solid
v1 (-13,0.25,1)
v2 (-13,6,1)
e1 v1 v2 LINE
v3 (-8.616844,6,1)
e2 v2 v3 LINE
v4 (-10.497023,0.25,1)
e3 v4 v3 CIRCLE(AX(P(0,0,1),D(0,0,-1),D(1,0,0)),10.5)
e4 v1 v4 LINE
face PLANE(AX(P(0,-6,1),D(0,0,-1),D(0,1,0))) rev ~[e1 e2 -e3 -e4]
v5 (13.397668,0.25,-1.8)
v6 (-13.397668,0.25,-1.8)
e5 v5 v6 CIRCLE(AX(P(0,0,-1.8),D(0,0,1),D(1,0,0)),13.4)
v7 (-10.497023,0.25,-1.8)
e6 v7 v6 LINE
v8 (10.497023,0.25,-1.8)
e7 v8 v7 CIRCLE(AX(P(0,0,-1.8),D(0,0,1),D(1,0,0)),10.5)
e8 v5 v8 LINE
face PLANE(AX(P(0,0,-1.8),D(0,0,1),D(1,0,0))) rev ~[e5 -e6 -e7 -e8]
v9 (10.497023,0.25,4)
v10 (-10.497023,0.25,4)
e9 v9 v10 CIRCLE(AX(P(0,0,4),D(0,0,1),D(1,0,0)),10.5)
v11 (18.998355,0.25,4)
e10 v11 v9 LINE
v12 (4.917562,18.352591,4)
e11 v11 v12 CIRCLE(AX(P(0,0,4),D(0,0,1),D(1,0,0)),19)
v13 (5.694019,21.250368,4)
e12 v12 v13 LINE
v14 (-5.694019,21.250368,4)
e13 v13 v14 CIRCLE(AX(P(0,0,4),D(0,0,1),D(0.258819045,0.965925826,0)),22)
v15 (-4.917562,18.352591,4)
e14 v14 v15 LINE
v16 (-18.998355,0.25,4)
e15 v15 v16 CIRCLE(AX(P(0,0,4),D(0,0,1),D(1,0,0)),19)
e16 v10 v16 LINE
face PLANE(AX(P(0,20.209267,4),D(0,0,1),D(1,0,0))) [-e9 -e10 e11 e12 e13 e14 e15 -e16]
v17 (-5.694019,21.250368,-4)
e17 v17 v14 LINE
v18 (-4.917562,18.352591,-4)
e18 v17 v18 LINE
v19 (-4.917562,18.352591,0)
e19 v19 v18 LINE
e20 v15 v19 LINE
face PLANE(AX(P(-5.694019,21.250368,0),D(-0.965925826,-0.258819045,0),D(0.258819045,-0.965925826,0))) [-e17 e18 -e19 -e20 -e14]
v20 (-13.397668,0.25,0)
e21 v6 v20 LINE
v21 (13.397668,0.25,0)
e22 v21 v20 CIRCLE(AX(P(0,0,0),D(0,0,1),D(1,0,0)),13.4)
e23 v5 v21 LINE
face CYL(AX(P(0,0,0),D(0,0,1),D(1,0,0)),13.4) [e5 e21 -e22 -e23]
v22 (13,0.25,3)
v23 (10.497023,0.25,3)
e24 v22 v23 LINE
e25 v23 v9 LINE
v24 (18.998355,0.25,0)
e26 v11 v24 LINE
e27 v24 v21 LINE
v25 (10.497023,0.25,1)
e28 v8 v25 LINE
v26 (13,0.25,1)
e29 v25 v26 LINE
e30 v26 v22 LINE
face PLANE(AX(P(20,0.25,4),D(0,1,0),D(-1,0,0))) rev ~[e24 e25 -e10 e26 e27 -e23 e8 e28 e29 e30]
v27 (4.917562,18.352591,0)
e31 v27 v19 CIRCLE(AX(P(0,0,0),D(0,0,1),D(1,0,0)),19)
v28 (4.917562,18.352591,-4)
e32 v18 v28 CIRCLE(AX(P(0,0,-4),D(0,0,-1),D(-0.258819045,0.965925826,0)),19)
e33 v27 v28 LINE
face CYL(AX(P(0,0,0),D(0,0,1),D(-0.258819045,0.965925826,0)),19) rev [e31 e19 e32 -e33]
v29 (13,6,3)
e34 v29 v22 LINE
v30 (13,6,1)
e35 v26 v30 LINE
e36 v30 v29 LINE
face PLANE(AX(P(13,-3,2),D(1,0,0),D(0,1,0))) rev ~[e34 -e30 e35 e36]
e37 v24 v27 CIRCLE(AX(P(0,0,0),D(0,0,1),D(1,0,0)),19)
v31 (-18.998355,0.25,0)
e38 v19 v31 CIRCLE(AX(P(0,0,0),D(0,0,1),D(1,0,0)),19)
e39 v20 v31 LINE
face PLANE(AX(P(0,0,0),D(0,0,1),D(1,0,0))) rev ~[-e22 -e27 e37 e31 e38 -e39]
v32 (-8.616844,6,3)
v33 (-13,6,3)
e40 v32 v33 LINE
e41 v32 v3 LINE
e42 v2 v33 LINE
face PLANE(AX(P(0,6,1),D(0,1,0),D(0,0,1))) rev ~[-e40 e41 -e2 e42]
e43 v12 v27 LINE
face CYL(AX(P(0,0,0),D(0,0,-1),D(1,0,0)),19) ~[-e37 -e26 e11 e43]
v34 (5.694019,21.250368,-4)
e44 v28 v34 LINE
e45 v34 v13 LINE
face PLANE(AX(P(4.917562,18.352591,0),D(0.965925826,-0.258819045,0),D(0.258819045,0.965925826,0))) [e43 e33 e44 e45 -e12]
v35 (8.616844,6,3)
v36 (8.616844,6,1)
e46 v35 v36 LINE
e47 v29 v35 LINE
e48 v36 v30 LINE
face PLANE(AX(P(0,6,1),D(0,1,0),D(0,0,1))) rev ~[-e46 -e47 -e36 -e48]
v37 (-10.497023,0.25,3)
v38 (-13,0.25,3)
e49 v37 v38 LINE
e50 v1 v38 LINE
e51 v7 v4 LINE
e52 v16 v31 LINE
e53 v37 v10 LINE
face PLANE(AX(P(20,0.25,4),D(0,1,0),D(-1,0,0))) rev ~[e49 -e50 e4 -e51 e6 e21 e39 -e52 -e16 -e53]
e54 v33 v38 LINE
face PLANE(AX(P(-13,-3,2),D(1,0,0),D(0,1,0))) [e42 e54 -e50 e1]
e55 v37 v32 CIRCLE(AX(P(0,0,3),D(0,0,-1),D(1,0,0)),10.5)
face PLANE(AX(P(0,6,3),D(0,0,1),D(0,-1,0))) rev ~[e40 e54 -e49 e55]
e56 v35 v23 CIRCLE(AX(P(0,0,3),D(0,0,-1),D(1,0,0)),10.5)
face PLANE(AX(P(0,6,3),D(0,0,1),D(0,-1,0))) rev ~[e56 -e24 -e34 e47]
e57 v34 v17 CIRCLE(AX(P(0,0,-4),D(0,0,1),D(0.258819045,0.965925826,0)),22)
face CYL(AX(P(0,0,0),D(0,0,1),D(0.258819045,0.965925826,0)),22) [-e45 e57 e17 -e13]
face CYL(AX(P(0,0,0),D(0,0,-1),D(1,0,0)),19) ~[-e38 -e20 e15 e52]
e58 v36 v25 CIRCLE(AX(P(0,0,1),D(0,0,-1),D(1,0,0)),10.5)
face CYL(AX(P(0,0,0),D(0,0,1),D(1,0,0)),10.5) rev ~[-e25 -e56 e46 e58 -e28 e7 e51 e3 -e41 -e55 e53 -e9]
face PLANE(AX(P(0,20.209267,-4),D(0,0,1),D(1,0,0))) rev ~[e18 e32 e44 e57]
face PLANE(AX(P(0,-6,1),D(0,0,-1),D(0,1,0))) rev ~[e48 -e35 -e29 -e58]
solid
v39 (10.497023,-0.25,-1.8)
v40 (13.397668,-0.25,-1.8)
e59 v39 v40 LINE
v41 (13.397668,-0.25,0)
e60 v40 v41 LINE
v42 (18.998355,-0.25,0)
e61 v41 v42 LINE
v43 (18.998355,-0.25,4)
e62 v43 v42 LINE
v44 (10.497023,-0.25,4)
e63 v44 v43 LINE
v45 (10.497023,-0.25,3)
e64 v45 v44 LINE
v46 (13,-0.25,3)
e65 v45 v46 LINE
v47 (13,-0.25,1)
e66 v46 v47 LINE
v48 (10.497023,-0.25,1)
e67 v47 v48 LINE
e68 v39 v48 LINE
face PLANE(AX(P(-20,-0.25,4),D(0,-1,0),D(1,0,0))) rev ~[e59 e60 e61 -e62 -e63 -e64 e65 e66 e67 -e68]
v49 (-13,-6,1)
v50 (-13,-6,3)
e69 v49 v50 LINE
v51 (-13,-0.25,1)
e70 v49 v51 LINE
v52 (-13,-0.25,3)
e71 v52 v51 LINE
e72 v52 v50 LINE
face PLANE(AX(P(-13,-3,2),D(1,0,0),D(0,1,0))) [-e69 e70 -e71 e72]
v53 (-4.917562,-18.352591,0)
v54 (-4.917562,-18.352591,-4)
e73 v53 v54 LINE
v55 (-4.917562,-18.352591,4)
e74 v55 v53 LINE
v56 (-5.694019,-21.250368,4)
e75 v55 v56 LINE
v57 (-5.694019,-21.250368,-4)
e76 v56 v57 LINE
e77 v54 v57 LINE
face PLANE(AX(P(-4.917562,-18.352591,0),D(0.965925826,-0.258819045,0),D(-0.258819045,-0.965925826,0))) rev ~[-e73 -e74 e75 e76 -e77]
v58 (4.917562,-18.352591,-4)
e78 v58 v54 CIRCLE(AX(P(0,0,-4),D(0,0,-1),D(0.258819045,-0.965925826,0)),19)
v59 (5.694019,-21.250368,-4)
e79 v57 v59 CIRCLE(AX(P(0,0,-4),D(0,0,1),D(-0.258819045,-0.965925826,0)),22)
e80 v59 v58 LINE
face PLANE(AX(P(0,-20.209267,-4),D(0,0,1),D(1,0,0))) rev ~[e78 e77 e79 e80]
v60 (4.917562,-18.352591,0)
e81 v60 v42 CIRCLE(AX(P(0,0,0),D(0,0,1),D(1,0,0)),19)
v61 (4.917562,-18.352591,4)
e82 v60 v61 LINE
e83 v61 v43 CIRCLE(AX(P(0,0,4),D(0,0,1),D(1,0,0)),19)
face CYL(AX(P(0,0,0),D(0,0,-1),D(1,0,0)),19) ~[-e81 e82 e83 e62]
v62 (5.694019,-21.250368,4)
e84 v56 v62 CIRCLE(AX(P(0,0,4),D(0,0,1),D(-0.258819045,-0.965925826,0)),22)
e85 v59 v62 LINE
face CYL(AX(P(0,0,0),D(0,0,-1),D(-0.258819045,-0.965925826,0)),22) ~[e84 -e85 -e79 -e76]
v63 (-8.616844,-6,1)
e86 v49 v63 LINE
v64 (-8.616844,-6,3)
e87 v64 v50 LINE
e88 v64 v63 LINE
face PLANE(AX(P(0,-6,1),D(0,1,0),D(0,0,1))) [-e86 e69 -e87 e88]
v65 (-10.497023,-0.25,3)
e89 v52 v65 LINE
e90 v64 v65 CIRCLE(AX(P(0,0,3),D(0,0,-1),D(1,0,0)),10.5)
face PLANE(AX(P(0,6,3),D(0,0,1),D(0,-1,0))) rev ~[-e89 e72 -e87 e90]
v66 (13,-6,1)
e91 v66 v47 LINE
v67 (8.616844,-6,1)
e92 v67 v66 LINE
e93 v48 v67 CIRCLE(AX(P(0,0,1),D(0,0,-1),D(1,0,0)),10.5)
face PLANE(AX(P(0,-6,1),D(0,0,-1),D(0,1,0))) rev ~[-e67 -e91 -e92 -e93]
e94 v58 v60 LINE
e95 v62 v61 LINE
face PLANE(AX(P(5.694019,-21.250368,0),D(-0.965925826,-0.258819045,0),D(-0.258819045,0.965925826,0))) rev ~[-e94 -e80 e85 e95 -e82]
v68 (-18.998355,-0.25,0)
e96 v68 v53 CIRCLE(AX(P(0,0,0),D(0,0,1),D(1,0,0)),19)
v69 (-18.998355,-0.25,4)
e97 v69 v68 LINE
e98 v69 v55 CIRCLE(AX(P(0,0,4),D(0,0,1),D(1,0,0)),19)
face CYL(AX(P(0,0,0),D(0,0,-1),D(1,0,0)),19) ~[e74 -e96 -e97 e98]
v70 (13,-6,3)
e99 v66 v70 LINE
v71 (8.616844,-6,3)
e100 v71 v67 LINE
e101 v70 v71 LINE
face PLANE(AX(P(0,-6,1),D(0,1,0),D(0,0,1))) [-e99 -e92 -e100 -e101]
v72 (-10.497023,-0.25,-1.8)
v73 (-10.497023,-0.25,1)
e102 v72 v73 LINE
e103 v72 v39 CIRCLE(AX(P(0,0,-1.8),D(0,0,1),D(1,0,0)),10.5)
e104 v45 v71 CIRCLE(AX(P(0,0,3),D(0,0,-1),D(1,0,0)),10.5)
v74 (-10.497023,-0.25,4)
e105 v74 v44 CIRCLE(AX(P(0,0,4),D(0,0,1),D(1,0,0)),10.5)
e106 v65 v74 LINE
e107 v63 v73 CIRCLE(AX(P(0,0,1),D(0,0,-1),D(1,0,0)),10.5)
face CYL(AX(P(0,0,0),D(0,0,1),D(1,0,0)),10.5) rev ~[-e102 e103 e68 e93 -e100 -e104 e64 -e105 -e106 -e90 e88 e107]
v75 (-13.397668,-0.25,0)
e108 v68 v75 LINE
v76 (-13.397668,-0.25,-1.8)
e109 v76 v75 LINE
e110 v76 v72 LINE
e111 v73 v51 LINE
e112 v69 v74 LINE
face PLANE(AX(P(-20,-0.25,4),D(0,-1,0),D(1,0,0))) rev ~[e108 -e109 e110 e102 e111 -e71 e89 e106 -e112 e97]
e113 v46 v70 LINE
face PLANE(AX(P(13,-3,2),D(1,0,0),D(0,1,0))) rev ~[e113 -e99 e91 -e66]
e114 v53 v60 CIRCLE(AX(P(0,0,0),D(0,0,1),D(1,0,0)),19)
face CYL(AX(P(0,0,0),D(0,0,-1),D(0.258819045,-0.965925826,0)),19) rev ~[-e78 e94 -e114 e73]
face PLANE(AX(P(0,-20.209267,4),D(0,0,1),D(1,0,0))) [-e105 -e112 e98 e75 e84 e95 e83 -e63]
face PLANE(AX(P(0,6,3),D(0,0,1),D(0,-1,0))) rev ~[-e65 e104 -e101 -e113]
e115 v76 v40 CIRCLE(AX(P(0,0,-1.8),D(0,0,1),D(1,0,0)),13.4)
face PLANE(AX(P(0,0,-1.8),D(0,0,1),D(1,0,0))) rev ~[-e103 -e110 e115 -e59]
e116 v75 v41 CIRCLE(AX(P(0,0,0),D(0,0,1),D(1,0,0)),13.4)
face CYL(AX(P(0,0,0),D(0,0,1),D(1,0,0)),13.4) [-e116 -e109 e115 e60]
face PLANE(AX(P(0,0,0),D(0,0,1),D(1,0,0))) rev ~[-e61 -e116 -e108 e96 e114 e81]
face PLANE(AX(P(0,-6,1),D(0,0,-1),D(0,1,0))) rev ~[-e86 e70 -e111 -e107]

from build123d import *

# Parameters (mm, degrees)
F0_R     = 19
F0_R_2   = 13.4
F0_R_3   = 10.5
F1_DEPTH = 4
F2_DEPTH = 1.8
F3_W     = 6
F3_H     = 2
F4_DEPTH = 13
F5_W     = 40
F5_H     = 0.5
F6_DEPTH = 25
F8_DEPTH = 4


with BuildPart() as f1:
    # F0 (on Top) → F1 (new body)
    with BuildSketch(Plane.XY):
        Circle(F0_R)
        Circle(F0_R_2, mode=Mode.SUBTRACT)
        Circle(F0_R_2)
        Circle(F0_R_3, mode=Mode.SUBTRACT)
    extrude(amount=F1_DEPTH)

    # F0 (on Top) → F2 (join)
    with BuildSketch(Plane.XY):
        Circle(F0_R_2)
        Circle(F0_R_3, mode=Mode.SUBTRACT)
    extrude(amount=-F2_DEPTH)

    # F3 (on Right) → F4 (cut, symmetric)
    with BuildSketch(Plane.YZ):
        with Locations((-3, 2)):
            Rectangle(F3_W, F3_H)
        with Locations((3, 2)):
            Rectangle(F3_W, F3_H)
    extrude(amount=F4_DEPTH, both=True, mode=Mode.SUBTRACT)

    # F5 (on face) → F6 (cut)
    with BuildSketch(Plane.XY.offset(4)):
        with BuildLine():
            Line((-10.4970233876, 0.25), (-18.998355192, 0.25))
            ThreePointArc((-18.998355192, 0.25), (-19, 0), (-18.998355192, -0.25))
            Line((-18.998355192, -0.25), (-10.4970233876, -0.25))
            ThreePointArc((-10.4970233876, -0.25), (-10.5, 0), (-10.4970233876, 0.25))
        make_face()
        Rectangle(F5_W, F5_H)
    extrude(amount=-F6_DEPTH, mode=Mode.SUBTRACT)

    # F7 (on Top) → F8 (join, symmetric)
    with BuildSketch(Plane.XY):
        with BuildLine():
            ThreePointArc((-5.6940189923, -21.2503681784), (0, -22), (5.6940189923, -21.2503681784))
            Line((5.6940189923, -21.2503681784), (4.9175618569, -18.3525906995))
            ThreePointArc((4.9175618569, -18.3525906995), (0, -19), (-4.9175618569, -18.3525906995))
            Line((-4.9175618569, -18.3525906995), (-5.6940189923, -21.2503681784))
        make_face()
        with BuildLine():
            Line((4.9175618569, 18.3525906995), (5.6940189923, 21.2503681784))
            ThreePointArc((5.6940189923, 21.2503681784), (0, 22), (-5.6940189923, 21.2503681784))
            Line((-5.6940189923, 21.2503681784), (-4.9175618569, 18.3525906995))
            ThreePointArc((-4.9175618569, 18.3525906995), (0, 19), (4.9175618569, 18.3525906995))
        make_face()
    extrude(amount=F8_DEPTH, both=True)


solid = f1.part
